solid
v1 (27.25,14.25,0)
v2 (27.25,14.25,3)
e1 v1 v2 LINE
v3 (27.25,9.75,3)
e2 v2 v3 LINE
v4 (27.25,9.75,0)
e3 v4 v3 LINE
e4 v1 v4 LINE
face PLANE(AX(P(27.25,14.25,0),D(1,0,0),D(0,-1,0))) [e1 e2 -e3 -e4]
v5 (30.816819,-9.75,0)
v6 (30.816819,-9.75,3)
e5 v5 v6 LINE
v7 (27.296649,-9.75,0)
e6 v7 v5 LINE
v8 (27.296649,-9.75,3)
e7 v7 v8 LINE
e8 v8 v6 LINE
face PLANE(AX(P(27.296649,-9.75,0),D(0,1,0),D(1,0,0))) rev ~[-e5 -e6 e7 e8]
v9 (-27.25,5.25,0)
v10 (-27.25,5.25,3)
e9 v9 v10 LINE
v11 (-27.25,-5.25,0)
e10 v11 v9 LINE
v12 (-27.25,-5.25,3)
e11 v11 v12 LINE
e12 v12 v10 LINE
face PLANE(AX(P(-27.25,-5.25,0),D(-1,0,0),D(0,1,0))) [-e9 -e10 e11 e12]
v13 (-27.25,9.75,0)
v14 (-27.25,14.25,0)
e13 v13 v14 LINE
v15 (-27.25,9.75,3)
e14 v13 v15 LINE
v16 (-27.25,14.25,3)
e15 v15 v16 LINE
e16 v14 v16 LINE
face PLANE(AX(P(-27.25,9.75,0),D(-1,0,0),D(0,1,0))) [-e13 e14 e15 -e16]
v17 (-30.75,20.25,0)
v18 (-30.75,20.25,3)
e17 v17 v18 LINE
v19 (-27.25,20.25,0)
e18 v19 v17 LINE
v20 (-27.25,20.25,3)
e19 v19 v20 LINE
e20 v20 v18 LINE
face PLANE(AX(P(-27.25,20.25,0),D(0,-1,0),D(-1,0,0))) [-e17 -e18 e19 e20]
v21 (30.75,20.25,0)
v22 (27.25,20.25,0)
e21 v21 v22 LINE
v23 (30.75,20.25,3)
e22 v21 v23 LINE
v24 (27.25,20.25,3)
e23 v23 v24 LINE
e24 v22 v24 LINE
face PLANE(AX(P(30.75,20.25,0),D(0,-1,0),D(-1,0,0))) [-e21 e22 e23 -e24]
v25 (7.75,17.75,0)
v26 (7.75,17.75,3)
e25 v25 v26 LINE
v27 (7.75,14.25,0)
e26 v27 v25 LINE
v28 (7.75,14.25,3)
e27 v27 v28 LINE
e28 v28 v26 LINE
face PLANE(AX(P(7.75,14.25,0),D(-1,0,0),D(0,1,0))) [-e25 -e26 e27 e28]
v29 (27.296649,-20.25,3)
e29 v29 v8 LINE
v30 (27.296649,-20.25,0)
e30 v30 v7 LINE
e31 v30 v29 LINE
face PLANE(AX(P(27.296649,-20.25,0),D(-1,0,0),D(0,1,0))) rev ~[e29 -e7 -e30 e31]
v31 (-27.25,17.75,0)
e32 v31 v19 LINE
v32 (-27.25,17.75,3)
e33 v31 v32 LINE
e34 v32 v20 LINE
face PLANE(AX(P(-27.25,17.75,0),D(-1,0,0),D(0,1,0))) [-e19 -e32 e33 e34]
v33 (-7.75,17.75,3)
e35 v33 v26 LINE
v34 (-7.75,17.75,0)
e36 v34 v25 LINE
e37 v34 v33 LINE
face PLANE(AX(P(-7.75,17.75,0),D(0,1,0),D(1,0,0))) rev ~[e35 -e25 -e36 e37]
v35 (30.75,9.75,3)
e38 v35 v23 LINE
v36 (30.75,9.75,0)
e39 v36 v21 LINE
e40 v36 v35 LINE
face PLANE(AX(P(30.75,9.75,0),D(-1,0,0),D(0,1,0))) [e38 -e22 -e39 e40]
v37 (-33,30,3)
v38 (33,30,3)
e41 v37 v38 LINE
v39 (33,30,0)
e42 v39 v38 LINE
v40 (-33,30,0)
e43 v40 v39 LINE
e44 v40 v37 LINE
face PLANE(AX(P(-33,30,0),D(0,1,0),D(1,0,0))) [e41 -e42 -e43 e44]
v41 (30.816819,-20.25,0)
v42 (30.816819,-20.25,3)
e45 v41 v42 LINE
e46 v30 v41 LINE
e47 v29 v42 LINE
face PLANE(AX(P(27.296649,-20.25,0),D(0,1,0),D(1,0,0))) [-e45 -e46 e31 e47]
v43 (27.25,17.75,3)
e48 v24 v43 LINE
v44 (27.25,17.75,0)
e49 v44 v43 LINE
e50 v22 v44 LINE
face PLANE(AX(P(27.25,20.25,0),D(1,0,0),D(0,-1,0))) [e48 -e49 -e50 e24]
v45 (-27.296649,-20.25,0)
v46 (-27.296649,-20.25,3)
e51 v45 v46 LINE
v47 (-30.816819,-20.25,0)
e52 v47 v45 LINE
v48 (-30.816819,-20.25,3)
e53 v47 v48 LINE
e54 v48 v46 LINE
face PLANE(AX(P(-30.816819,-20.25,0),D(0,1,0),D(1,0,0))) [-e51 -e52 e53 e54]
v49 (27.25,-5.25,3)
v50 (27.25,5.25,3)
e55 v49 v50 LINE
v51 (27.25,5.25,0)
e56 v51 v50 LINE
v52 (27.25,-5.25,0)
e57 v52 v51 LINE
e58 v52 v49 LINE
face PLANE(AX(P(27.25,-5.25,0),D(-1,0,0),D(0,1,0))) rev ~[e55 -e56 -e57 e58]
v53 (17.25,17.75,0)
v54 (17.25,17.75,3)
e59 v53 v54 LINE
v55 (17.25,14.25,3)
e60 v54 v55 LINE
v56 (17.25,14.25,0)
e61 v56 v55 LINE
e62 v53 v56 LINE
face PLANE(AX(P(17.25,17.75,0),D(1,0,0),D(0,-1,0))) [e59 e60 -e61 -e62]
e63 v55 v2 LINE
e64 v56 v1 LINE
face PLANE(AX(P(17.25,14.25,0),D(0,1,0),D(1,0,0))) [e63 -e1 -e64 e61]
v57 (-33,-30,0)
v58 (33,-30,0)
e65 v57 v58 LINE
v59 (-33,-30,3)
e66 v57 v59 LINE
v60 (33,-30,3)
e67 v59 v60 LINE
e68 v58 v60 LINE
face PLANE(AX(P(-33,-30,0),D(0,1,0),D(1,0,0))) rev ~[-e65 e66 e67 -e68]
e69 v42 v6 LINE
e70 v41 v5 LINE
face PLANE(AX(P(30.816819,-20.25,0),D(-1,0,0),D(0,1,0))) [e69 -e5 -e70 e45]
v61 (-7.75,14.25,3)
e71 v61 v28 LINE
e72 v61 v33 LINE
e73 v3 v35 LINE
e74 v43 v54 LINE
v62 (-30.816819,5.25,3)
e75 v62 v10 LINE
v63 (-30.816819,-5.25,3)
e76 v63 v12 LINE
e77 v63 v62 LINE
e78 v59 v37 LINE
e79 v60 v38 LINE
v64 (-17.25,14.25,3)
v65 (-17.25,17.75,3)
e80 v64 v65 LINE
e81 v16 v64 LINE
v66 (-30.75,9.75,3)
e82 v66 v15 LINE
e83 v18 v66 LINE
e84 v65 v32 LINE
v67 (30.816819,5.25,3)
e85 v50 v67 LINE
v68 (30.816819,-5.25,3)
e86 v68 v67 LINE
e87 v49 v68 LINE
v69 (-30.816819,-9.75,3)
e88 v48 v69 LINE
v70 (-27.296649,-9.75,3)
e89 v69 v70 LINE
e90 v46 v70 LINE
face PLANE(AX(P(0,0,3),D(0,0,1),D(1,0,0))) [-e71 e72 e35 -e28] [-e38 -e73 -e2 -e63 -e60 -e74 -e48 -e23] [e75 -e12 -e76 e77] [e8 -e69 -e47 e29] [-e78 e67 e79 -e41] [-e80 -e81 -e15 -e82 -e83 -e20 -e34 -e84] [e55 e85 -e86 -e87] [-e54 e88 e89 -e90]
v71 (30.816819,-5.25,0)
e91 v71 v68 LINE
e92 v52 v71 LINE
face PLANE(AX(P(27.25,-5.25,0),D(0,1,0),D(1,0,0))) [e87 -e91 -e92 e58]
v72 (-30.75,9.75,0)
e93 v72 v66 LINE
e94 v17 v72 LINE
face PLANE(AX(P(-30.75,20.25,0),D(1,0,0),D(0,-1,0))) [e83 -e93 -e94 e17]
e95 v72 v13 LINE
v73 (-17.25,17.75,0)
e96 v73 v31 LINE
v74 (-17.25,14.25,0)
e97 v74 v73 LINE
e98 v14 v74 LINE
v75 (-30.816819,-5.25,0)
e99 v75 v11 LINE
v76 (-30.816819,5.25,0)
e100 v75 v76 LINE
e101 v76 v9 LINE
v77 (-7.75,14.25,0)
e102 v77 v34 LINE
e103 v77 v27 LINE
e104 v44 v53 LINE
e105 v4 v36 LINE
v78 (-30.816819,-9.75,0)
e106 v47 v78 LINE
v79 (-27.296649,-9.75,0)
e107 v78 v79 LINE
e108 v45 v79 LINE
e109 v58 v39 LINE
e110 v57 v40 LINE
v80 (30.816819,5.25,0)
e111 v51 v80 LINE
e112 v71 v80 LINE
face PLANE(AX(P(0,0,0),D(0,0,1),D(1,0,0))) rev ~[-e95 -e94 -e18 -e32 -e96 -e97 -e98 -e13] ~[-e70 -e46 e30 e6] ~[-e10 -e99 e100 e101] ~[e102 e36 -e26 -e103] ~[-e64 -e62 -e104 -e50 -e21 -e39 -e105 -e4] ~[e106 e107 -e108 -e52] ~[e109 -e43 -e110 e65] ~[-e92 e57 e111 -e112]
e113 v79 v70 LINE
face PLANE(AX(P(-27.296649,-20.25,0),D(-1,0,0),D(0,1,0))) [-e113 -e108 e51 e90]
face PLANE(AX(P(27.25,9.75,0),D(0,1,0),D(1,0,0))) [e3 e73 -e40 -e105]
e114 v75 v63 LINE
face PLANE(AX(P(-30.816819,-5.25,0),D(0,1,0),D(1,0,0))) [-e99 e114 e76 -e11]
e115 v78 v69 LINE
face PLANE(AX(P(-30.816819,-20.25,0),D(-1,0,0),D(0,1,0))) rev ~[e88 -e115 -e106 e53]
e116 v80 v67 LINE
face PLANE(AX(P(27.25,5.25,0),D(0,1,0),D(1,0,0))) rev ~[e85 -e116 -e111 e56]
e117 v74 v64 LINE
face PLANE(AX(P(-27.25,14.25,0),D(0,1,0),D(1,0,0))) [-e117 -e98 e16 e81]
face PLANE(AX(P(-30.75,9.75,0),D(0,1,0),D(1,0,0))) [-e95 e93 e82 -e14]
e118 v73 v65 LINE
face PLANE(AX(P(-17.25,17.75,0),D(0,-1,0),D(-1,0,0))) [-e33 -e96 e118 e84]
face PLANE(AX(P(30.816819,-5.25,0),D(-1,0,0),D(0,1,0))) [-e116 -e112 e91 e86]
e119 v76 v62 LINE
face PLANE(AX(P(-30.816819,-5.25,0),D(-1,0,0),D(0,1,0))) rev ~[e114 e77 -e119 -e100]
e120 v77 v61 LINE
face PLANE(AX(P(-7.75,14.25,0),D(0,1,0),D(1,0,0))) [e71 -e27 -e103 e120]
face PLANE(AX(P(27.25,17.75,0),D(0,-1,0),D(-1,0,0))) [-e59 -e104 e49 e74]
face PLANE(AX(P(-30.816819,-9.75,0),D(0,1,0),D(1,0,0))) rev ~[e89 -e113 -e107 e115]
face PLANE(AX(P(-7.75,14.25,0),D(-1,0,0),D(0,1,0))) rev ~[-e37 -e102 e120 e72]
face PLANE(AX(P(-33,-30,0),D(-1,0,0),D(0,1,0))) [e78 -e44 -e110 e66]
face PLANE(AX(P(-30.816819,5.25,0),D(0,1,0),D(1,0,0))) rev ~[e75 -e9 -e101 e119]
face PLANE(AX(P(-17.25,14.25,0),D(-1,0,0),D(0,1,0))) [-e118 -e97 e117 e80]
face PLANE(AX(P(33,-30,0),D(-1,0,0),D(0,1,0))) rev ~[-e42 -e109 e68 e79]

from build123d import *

# Parameters (mm, degrees)
SKETCH_1_W      = 66
SKETCH_1_H      = 60
SKETCH_1_W_2    = 15.5
SKETCH_1_H_2    = 3.5
SKETCH_1_W_3    = 3.566819074
SKETCH_1_H_3    = 10.5
SKETCH_1_W_4    = 3.520169939
EXTRUDE_1_DEPTH = 3


with BuildPart() as part:
    # Эскиз1 → Бобышка-Вытянуть1 (new body)
    with BuildSketch(Plane.XY):
        Rectangle(SKETCH_1_W, SKETCH_1_H)
        with Locations((0, 16)):
            Rectangle(SKETCH_1_W_2, SKETCH_1_H_2, mode=Mode.SUBTRACT)
        Polygon((-17.25, 17.75), (-27.25, 17.75), (-27.25, 20.25), (-30.75, 20.25), (-30.75, 9.75), (-27.25, 9.75), (-27.25, 14.25), (-17.25, 14.25), align=None, mode=Mode.SUBTRACT)
        with Locations((-29.033409537, 0)):
            Rectangle(SKETCH_1_W_3, SKETCH_1_H_3, mode=Mode.SUBTRACT)
        with Locations((-29.056734105, -15)):
            Rectangle(SKETCH_1_W_4, SKETCH_1_H_3, mode=Mode.SUBTRACT)
        with Locations((29.056734105, -15)):
            Rectangle(SKETCH_1_W_4, SKETCH_1_H_3, mode=Mode.SUBTRACT)
        with Locations((29.033409537, 0)):
            Rectangle(SKETCH_1_W_3, SKETCH_1_H_3, mode=Mode.SUBTRACT)
        Polygon((27.25, 20.25), (27.25, 17.75), (17.25, 17.75), (17.25, 14.25), (27.25, 14.25), (27.25, 9.75), (30.75, 9.75), (30.75, 20.25), align=None, mode=Mode.SUBTRACT)
    extrude(amount=EXTRUDE_1_DEPTH)


solid = part.part
